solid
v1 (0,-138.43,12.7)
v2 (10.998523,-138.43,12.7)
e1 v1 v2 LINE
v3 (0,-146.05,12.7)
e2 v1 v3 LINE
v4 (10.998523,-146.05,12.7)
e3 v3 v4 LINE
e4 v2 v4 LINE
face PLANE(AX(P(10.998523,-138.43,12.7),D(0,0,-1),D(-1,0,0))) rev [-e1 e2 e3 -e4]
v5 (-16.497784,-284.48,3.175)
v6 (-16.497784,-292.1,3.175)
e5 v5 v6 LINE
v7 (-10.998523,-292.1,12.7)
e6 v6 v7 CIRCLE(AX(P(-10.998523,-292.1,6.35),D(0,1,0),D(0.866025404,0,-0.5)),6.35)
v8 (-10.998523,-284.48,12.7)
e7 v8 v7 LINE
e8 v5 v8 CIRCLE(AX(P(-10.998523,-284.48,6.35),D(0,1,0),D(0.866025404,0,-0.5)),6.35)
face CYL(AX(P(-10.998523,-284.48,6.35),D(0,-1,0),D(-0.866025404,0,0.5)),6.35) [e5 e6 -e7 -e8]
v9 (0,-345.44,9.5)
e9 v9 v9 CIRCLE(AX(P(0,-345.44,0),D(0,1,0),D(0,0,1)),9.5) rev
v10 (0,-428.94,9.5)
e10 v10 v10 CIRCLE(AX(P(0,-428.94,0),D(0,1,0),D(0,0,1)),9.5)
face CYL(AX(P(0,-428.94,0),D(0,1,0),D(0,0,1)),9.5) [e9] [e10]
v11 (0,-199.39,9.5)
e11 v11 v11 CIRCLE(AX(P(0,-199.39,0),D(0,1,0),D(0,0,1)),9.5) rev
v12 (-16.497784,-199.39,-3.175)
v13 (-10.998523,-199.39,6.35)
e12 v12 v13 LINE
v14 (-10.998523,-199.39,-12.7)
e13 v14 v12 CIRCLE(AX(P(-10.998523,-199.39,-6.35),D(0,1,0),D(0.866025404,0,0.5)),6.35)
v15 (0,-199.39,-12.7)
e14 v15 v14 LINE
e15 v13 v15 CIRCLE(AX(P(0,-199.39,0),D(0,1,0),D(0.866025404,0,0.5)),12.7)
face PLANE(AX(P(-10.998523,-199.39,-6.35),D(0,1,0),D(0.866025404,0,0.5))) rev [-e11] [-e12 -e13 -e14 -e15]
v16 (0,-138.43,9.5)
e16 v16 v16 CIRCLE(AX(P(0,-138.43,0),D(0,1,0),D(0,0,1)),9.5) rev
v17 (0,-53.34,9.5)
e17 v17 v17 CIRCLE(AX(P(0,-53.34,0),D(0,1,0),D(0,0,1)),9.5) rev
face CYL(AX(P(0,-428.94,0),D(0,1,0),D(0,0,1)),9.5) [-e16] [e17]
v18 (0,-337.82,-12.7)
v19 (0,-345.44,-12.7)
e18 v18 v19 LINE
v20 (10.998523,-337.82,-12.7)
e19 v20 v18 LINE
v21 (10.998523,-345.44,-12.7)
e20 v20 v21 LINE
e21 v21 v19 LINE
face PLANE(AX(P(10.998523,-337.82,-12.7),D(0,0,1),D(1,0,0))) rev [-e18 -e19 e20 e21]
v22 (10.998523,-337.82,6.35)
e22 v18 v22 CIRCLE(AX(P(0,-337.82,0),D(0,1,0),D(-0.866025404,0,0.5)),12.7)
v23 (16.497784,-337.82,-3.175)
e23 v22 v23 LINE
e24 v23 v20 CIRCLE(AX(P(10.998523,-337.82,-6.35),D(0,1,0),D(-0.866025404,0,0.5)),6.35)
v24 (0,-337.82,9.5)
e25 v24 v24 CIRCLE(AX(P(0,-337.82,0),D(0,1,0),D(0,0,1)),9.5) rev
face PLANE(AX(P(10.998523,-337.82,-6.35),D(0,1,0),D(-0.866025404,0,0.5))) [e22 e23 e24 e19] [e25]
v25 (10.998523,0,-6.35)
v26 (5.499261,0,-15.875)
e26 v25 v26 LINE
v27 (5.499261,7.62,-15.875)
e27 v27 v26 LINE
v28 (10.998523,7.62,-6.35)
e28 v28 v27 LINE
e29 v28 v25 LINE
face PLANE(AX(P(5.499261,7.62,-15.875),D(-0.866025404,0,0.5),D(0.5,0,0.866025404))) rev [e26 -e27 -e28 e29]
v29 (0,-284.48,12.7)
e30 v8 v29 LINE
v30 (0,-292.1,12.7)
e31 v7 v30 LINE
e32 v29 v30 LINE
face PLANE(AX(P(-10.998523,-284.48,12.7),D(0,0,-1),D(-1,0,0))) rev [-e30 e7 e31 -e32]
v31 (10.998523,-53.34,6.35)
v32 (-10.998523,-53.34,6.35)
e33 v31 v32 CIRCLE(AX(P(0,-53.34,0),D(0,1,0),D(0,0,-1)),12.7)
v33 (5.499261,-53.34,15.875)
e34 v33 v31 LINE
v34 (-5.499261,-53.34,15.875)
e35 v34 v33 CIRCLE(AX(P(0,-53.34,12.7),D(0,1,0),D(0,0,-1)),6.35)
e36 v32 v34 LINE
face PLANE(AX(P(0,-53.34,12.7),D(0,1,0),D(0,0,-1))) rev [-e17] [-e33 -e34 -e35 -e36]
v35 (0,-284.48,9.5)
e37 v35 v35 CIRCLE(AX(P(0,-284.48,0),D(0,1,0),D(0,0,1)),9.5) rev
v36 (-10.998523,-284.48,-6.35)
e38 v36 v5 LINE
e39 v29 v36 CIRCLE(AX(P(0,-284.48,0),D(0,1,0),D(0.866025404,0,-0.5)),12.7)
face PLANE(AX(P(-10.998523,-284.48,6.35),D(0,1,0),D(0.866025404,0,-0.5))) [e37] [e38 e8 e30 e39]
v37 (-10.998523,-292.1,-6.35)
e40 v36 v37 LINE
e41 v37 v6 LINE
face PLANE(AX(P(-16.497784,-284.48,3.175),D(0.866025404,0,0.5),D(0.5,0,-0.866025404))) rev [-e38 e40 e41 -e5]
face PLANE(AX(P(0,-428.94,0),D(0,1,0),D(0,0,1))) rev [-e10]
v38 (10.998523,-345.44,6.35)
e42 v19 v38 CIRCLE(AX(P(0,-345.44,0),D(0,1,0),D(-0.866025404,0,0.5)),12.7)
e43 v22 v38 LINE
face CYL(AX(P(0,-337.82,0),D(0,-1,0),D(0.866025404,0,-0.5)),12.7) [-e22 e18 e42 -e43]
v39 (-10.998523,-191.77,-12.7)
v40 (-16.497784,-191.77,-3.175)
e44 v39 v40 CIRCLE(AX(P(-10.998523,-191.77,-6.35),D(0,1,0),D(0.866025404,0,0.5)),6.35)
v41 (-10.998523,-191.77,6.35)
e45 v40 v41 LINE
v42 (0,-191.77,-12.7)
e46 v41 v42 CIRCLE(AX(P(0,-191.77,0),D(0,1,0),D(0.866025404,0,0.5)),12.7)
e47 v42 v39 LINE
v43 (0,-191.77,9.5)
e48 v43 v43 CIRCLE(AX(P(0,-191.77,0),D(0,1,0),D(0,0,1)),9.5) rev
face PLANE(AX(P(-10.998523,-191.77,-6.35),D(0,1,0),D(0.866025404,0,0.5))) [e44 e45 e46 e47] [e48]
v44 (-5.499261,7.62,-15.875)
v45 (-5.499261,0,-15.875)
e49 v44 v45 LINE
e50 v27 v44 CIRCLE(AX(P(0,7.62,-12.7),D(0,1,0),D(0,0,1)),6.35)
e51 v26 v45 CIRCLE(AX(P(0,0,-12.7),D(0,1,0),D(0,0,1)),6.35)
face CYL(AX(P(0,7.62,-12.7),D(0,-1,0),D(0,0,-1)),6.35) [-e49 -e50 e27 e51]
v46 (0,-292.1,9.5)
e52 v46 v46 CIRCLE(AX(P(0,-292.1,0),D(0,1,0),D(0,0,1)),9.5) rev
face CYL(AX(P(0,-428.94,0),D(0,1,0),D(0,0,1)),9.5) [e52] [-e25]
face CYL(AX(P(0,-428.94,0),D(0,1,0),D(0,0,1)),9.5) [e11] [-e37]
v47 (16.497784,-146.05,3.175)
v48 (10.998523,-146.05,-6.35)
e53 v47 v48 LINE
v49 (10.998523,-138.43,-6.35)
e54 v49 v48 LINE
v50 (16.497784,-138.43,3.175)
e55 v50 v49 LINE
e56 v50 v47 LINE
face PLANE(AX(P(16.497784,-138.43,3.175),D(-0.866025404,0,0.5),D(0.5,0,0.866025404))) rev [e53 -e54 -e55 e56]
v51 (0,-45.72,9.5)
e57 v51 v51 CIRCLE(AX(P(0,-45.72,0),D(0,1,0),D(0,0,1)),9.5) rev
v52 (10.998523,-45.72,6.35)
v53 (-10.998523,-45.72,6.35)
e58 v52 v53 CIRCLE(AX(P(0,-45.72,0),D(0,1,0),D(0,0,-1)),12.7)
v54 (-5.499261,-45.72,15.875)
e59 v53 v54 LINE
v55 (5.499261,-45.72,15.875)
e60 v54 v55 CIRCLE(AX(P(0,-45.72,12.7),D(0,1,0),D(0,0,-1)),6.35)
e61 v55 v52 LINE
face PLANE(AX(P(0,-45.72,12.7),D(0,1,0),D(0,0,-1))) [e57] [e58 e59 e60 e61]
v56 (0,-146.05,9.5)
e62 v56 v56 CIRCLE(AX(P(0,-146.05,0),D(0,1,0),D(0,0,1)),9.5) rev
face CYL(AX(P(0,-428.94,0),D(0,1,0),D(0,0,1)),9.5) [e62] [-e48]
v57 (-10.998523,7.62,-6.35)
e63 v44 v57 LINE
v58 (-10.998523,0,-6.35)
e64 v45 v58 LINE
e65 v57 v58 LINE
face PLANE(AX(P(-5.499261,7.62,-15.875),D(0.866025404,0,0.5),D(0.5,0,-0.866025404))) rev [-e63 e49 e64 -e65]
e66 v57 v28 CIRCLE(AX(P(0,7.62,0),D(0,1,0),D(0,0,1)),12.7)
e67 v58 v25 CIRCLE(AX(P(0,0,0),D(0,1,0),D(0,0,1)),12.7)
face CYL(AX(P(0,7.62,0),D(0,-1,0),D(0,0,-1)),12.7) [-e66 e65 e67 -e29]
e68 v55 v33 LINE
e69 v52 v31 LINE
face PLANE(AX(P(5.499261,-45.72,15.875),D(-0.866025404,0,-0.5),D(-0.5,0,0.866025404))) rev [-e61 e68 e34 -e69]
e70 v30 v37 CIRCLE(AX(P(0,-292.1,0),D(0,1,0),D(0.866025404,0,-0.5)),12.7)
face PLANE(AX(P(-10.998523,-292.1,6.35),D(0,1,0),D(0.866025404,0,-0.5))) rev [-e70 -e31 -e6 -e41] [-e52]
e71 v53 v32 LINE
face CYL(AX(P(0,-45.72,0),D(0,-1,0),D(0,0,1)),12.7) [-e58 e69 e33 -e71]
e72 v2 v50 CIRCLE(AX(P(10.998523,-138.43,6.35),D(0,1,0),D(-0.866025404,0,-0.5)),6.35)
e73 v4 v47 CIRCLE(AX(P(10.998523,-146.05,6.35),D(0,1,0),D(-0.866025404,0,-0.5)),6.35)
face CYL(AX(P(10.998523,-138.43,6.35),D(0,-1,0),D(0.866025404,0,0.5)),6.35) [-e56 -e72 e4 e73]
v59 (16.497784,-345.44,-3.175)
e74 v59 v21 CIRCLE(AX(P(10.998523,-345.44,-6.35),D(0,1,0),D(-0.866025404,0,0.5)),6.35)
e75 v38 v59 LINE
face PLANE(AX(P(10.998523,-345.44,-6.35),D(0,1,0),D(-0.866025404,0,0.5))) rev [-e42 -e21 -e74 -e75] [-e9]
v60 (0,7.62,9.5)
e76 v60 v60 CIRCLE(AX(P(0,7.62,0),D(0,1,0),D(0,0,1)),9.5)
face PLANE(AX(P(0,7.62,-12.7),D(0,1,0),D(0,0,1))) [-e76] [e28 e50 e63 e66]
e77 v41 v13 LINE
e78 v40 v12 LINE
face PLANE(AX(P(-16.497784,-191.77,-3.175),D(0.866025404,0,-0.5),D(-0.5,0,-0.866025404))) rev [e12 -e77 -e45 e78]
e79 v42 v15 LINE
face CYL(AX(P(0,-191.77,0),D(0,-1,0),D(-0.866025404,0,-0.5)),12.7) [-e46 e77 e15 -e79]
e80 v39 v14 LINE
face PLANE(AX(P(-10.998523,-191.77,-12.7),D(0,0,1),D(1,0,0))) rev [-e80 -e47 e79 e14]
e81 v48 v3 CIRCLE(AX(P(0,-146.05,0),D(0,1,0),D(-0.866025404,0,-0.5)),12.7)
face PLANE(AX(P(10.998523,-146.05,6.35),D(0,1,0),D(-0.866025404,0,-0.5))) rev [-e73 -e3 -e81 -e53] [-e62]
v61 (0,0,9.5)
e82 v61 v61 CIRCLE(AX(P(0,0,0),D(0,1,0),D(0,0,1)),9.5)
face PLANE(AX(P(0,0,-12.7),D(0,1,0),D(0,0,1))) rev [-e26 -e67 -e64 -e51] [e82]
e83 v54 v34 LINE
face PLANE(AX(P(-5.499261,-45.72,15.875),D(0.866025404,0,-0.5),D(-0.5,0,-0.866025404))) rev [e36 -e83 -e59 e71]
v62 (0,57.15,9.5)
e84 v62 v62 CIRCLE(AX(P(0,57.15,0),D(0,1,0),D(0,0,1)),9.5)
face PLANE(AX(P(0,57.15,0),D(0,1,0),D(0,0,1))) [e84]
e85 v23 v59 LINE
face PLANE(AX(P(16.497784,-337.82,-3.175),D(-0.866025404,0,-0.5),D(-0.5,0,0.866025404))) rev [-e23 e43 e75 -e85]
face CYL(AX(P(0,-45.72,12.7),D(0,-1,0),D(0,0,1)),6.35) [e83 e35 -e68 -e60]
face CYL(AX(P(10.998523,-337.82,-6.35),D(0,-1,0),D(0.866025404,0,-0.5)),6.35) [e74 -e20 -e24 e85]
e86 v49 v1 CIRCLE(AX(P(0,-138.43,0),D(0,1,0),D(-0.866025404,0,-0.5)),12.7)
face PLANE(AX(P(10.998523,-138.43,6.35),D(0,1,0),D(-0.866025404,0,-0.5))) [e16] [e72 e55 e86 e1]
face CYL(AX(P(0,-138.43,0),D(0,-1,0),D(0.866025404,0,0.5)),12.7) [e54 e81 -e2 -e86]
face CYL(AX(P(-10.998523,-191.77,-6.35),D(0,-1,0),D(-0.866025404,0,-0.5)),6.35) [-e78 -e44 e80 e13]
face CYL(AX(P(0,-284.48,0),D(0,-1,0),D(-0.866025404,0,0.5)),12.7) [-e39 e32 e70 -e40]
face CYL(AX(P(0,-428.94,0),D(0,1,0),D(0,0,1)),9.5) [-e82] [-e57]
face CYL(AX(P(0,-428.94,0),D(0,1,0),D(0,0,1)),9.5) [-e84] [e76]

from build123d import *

# Parameters (mm, degrees)
BOSS_EXTRUDE1_DEPTH   = 7.62
LPATTERN2_COUNT       = 2
LPATTERN2_PITCH       = 53.34
BODY_MOVE_COPY1_ANGLE = 180
LPATTERN3_COUNT       = 3
LPATTERN3_PITCH       = 146.05
BODY_MOVE_COPY2_ANGLE = 120
BODY_MOVE_COPY3_ANGLE = 120
BOSS_EXTRUDE2_START   = 57.15
SKETCH2_R             = 9.5
BOSS_EXTRUDE2_DEPTH   = 486.09


with BuildPart() as part:
    # Sketch1 → Boss-Extrude1 (new body)
    with BuildSketch(Plane(origin=(0, 0, 0), x_dir=(1, 0, 0), z_dir=(0, 1, 0))):
        with BuildLine():
            Line((-5.499261314, 15.875), (-10.998522628, 6.35))
            ThreePointArc((-10.998522628, 6.35), (0, -12.7), (10.998522628, 6.35))
            Line((10.998522628, 6.35), (5.499261314, 15.875))
            ThreePointArc((5.499261314, 15.875), (0, 19.05), (-5.499261314, 15.875))
        make_face()
    extrude(amount=BOSS_EXTRUDE1_DEPTH)


with BuildPart() as lpattern2_1:
    # LPattern2: pattern copy
    add(part.part.moved(Location(Vector(0, -1, 0) * (1 * LPATTERN2_PITCH))))


with BuildPart() as lpattern2_1_1:
    # Body-Move/Copy1: moved
    add(lpattern2_1.part.rotate(Axis((0, 0, 0), (0, 1, 0)), BODY_MOVE_COPY1_ANGLE))


with BuildPart() as lpattern3_1:
    # LPattern3: pattern copy
    add(part.part.moved(Location(Vector(0, -1, 0) * (1 * LPATTERN3_PITCH))))


with BuildPart() as lpattern3_2:
    # LPattern3: pattern copy
    add(part.part.moved(Location(Vector(0, -1, 0) * (2 * LPATTERN3_PITCH))))


with BuildPart() as lpattern3_3:
    # LPattern3: pattern copy
    add(lpattern2_1_1.part.moved(Location(Vector(0, -1, 0) * (1 * LPATTERN3_PITCH))))


with BuildPart() as lpattern3_4:
    # LPattern3: pattern copy
    add(lpattern2_1_1.part.moved(Location(Vector(0, -1, 0) * (2 * LPATTERN3_PITCH))))


with BuildPart() as lpattern3_1_1:
    # Body-Move/Copy2: moved
    add(lpattern3_1.part.rotate(Axis((0, 0, 0), (0, -1, 0)), BODY_MOVE_COPY2_ANGLE))


with BuildPart() as lpattern3_3_1:
    # Body-Move/Copy2: moved
    add(lpattern3_3.part.rotate(Axis((0, 0, 0), (0, -1, 0)), BODY_MOVE_COPY2_ANGLE))


with BuildPart() as lpattern3_2_1:
    # Body-Move/Copy3: moved
    add(lpattern3_2.part.rotate(Axis((0, 0, 0), (0, 1, 0)), BODY_MOVE_COPY3_ANGLE))


with BuildPart() as lpattern3_4_1:
    # Body-Move/Copy3: moved
    add(lpattern3_4.part.rotate(Axis((0, 0, 0), (0, 1, 0)), BODY_MOVE_COPY3_ANGLE))


with BuildPart() as part_1:
    add(part.part)

    add(lpattern2_1_1.part)  # Boss-Extrude2 merges LPattern2_1

    add(lpattern3_1_1.part)  # Boss-Extrude2 merges LPattern3_1

    add(lpattern3_2_1.part)  # Boss-Extrude2 merges LPattern3_2

    add(lpattern3_3_1.part)  # Boss-Extrude2 merges LPattern3_3

    add(lpattern3_4_1.part)  # Boss-Extrude2 merges LPattern3_4
    # Sketch2 → Boss-Extrude2 (add)
    with BuildSketch(Plane(origin=(0, 0, 0), x_dir=(1, 0, 0), z_dir=(0, 1, 0)).offset(BOSS_EXTRUDE2_START)):
        Circle(SKETCH2_R)
    extrude(amount=-BOSS_EXTRUDE2_DEPTH)


solid = part_1.part
